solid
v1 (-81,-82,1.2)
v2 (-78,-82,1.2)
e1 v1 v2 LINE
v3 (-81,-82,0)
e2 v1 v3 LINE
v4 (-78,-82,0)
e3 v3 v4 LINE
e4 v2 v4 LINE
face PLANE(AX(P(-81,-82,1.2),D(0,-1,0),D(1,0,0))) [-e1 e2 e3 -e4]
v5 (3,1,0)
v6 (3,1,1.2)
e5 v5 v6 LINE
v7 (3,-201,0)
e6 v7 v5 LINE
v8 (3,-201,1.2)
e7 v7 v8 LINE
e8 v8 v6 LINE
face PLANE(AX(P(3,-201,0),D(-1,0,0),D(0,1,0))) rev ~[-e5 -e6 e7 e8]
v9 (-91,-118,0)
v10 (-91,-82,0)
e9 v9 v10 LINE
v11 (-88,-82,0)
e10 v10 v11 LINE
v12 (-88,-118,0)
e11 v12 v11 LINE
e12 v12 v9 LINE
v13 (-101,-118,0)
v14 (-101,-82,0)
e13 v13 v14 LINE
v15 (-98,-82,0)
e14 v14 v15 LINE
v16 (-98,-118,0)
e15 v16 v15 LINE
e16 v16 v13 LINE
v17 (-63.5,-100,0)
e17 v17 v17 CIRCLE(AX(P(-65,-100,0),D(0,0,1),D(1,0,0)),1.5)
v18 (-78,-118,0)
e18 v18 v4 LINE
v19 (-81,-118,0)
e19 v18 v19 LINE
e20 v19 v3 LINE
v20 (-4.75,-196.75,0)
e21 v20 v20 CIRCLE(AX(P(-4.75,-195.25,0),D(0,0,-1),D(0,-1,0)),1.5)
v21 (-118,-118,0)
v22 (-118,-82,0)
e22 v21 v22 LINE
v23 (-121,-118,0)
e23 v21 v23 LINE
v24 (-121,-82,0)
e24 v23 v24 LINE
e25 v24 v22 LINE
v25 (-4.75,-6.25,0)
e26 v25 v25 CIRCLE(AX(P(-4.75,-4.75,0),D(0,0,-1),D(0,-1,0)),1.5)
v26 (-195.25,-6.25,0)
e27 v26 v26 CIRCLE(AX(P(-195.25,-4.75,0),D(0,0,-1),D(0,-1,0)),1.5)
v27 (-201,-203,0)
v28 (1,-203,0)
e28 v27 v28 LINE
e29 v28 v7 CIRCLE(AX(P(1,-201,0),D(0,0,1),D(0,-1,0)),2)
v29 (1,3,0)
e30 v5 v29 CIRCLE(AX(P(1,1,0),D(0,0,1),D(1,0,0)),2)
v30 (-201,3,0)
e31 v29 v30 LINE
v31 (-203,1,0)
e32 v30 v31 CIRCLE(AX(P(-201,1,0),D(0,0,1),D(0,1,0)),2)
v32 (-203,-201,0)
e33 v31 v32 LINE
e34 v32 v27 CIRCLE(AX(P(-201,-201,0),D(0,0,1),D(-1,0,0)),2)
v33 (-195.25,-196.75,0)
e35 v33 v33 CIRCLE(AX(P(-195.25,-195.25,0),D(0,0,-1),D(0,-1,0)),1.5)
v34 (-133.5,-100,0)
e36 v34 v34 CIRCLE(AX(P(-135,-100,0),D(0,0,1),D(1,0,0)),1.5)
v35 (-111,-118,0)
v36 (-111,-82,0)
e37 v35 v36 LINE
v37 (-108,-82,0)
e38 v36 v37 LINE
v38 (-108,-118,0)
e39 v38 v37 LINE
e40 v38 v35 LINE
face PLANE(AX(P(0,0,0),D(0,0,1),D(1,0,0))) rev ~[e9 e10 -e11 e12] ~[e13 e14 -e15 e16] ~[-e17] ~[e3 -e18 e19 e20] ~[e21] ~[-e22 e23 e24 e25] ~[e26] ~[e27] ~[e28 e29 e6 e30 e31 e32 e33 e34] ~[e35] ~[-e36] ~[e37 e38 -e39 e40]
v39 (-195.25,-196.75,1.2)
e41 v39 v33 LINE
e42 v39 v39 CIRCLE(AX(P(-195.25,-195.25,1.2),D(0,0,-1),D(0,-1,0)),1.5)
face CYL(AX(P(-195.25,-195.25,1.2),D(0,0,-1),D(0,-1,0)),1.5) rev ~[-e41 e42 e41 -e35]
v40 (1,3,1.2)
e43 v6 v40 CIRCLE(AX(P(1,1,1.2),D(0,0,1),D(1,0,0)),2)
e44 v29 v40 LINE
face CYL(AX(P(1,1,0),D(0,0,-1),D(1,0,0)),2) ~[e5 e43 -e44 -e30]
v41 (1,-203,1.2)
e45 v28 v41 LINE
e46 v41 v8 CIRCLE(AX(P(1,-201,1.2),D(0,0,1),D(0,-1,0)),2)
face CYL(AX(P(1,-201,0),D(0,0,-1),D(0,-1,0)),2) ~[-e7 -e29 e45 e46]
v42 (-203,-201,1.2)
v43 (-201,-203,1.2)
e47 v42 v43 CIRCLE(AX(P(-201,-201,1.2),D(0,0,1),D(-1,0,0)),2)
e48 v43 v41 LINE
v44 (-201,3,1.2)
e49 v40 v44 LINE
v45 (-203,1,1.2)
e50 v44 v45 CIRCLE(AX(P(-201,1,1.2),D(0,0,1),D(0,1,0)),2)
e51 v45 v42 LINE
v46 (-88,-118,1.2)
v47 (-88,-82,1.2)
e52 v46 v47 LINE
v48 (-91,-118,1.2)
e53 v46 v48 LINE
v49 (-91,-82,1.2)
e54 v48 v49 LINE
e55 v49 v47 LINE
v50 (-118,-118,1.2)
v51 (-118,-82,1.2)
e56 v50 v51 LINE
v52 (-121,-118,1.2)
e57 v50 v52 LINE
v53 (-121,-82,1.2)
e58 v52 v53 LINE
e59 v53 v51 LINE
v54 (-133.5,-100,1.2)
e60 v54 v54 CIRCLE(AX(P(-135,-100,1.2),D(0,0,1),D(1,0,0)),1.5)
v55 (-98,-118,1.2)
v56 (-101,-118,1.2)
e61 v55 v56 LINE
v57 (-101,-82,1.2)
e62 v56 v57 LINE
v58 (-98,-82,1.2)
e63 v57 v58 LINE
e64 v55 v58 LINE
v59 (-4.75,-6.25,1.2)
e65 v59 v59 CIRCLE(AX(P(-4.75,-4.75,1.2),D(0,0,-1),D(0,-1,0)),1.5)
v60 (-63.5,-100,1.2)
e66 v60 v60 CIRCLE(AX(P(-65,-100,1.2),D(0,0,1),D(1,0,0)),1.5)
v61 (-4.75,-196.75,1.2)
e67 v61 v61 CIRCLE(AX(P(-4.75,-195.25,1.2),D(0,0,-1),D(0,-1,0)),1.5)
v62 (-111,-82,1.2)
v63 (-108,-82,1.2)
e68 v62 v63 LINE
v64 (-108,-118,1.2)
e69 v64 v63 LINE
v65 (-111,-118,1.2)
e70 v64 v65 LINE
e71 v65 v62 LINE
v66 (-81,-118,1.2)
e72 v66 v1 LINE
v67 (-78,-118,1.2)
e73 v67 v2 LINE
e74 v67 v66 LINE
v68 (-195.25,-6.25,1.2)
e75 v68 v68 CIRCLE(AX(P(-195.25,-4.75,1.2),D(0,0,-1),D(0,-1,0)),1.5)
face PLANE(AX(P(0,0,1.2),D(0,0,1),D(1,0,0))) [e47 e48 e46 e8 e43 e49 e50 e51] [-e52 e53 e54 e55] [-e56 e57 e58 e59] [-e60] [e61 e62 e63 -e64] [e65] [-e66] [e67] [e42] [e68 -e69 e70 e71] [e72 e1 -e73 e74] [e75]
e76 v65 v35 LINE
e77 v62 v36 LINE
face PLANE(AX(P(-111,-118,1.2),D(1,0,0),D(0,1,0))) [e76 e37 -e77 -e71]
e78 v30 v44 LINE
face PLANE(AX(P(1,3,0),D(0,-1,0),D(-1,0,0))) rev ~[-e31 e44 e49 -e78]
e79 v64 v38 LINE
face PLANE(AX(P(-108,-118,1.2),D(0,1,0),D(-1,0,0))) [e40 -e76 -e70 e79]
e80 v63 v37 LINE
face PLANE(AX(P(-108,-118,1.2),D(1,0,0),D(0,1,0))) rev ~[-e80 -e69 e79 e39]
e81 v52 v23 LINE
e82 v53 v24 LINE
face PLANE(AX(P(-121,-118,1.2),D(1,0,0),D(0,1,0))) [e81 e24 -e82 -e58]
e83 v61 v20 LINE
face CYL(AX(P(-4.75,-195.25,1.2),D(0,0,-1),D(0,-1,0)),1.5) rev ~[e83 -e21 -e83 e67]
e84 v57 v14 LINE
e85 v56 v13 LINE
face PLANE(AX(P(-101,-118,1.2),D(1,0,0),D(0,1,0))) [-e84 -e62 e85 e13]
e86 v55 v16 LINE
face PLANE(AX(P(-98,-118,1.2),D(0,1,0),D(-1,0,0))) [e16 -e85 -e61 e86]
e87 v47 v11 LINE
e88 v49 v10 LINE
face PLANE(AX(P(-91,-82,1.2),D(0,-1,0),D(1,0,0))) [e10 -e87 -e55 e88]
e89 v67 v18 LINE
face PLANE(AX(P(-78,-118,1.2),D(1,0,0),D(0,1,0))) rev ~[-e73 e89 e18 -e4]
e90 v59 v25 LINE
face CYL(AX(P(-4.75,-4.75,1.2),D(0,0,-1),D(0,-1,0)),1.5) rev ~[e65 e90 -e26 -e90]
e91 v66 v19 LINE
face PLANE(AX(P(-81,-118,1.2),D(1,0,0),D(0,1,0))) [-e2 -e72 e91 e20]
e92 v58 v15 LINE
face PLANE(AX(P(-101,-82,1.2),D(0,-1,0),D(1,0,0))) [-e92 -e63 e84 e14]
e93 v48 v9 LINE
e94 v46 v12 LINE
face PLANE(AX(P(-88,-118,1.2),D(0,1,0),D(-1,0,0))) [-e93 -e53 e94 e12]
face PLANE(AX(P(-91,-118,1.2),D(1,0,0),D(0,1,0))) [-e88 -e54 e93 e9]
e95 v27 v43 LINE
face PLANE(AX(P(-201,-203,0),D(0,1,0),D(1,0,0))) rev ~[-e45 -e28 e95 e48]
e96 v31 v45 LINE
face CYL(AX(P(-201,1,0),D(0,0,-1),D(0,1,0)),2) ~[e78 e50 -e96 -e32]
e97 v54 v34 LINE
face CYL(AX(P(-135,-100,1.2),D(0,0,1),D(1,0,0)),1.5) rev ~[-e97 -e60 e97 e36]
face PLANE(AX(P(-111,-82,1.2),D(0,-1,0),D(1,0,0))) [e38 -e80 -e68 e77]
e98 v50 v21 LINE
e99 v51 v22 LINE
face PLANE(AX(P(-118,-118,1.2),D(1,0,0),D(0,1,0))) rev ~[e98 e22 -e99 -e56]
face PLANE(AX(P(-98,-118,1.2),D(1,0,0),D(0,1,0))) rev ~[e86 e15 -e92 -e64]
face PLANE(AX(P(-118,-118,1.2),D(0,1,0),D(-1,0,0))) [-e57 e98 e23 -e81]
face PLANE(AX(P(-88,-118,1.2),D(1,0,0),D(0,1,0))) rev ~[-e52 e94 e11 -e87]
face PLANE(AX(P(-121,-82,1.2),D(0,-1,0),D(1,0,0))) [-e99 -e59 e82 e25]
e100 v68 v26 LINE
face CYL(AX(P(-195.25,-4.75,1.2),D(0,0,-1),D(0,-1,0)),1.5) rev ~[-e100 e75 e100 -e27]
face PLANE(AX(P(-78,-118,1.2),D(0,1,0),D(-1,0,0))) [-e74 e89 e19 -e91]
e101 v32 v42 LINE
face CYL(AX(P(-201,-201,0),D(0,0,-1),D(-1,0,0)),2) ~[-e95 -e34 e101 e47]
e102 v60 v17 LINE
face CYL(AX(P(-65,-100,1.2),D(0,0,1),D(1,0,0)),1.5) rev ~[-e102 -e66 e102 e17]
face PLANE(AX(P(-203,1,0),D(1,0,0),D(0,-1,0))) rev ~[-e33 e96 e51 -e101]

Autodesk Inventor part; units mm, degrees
ref_plane "YZ Plane" through (0, 0, 0) normal (1, 0, 0) x (0, 1, 0)
ref_plane "XZ Plane" through (0, 0, 0) normal (0, 1, 0) x (-1, 0, 0)
ref_plane "XY Plane" through (0, 0, 0) normal (0, 0, 1) x (1, 0, 0)
sketch "Boceto1" plane through (0, 0, 0) normal (0, 0, 1) x (1, 0, 0)
  line L0 (-198, 0) -> (0, 0) projected
  line L1 (-198, 0) -> (-198, -2) projected
  line L2 (0, -2) -> (-198, -2) projected
  line L3 (0, 0) -> (0, -2) projected
  line L4 (0, -2) -> (0, -200) projected
  line L5 (0, -2) -> (-2, -2) projected
  line L6 (-2, -200) -> (-2, -2) projected
  line L7 (0, -200) -> (-2, -200) projected
  line L8 (-2, -200) -> (-200, -200) projected
  line L9 (-2, -200) -> (-2, -198) projected
  line L10 (-200, -198) -> (-2, -198) projected
  line L11 (-200, -200) -> (-200, -198) projected
  line L12 (-200, -198) -> (-200, 0) projected
  line L13 (-200, -198) -> (-198, -198) projected
  line L14 (-198, 0) -> (-198, -198) projected
  line L15 (-200, 0) -> (-198, 0) projected
  line L16 (0, 0) -> (0, 1.6)
  line L17 (0, 1.6) -> (1.6, 1.6)
  line L18 (1.6, 1.6) -> (-201.6, 1.6)
  line L19 (-201.6, 1.6) -> (-201.6, -201.6)
  line L20 (-201.6, -201.6) -> (1.6, -201.6)
  line L21 (1.6, -201.6) -> (1.6, 1.6)
  line L22 (-203, 1) -> (-203, -201) projected
  line L23 (-201, -203) -> (1, -203) projected
  line L24 (3, -201) -> (3, 1) projected
  line L25 (1, 3) -> (-201, 3) projected
  line L26 (-192.75, -7.25) -> (-7.25, -7.25) projected
  line L27 (-7.25, -7.25) -> (-7.25, -192.75) projected
  line L28 (-7.25, -192.75) -> (-192.75, -192.75) projected
  line L29 (-192.75, -192.75) -> (-192.75, -7.25) projected
  circle A0 centre (-195.25, -4.75) radius 2.1 projected
  circle A1 centre (-4.75, -4.75) radius 2.1 projected
  circle A2 centre (-4.75, -195.25) radius 2.1 projected
  circle A3 centre (-195.25, -195.25) radius 2.1 projected
  arc A4 (-201, 3) -> (-203, 1) centre (-201, 1) ccw projected
  arc A5 (-203, -201) -> (-201, -203) centre (-201, -201) ccw projected
  arc A6 (1, -203) -> (3, -201) centre (1, -201) ccw projected
  arc A7 (3, 1) -> (1, 3) centre (1, 1) ccw projected
  dimension "d0" = 1.6
  dimension "d1" = 1.6
  dimension "d2" = 203.2
  dimension "d3" = 203.2
extrude "Extrusión1" add sketch "Boceto1" along normal blind 1.2 contours L17 L21 L20 L19 L18 | L0 L3 L2 L1 | L1 L14 L10 L12 L15 | L2 L6 L10 L14 | L4 L7 L6 L2 | L10 L6 L8 L11 | A4 L25 A7 L24 A6 L23 A5 L22 | L26 L27 L28 L29 | A0 | A1 | A2 | A3
sketch "Boceto2" plane through (0, 0, 1.2) normal (0, 0, 1) x (1, 0, 0)
  line L0 (-192.75, -7.25) -> (-7.25, -7.25) projected
  line L1 (-7.25, -7.25) -> (-7.25, -192.75) projected
  line L2 (-2.25, -197.75) -> (-2.25, -2.25) projected
  line L3 (-2.25, -2.25) -> (-197.75, -2.25) projected
  line L4 (-7.25, -7.25) -> (-2.25, -2.25)
  circle A0 centre (-4.75, -4.75) radius 1.5
  line L5 (-201, -203) -> (1, -203) projected
  line L6 (-203, -203) -> (-203, -195.25)
  line L7 (-203, 1) -> (-203, -201) projected
  line L8 (-203, -195.25) -> (-195.25, -195.25)
  circle A1 centre (-195.25, -195.25) radius 1.5
  line L9 (3, -203) -> (-4.75, -203)
  line L10 (-4.75, -203) -> (-4.75, -195.25)
  circle A2 centre (-4.75, -195.25) radius 1.5
  line L11 (-203, 3) -> (-195.25, 3)
  line L12 (1, 3) -> (-201, 3) projected
  line L13 (-195.25, 3) -> (-195.25, -4.75)
  circle A3 centre (-195.25, -4.75) radius 1.5
  point P0 (0, 0)
  point P1 (3, 3)
  dimension "d6" = 3
  dimension "d14" = 7.75
  dimension "d15" = 7.75
  dimension "d16" = 3
  dimension "d17" = 7.75
  dimension "d18" = 7.75
  dimension "d19" = 3
  dimension "d20" = 7.75
  dimension "d21" = 7.75
  dimension "d22" = 90
  dimension "d23" = 3
hole "Agujero1" at (-4.75, -4.75, 1.2) at (-195.25, -4.75, 1.2) at (-195.25, -195.25, 1.2) at (-4.75, -195.25, 1.2) direction (0, 0, -1) diameter 3 depth 4
sketch "Boceto3" plane through (0, 0, 1.2) normal (0, 0, 1) x (1, 0, 0)
  line L0 (-125, -122.5) -> (-75, -122.5) projected
  arc A0 (-75, -122.5) -> (-70, -117.5) centre (-75, -117.5) ccw projected
  line L1 (-70, -117.5) -> (-70, -112.2474) projected
  arc A1 (-64, -104.899) -> (-70, -112.2474) centre (-62.5, -112.2474) ccw projected
  arc A2 (-64, -104.899) -> (-64, -95.101) centre (-65, -100) ccw projected
  arc A3 (-70, -87.7526) -> (-64, -95.101) centre (-62.5, -87.7526) ccw projected
  line L2 (-70, -87.7526) -> (-70, -82.5) projected
  arc A4 (-70, -82.5) -> (-75, -77.5) centre (-75, -82.5) ccw projected
  line L3 (-75, -77.5) -> (-125, -77.5) projected
  arc A5 (-125, -77.5) -> (-130, -82.5) centre (-125, -82.5) ccw projected
  line L4 (-130, -82.5) -> (-130, -87.7526) projected
  arc A6 (-136, -95.101) -> (-130, -87.7526) centre (-137.5, -87.7526) ccw projected
  arc A7 (-136, -95.101) -> (-136, -104.899) centre (-135, -100) ccw projected
  arc A8 (-130, -112.2474) -> (-136, -104.899) centre (-137.5, -112.2474) ccw projected
  line L5 (-130, -112.2474) -> (-130, -117.5) projected
  arc A9 (-130, -117.5) -> (-125, -122.5) centre (-125, -117.5) ccw projected
  line L6 (-125, -121.5) -> (-75, -121.5) projected
  arc A10 (-75, -121.5) -> (-71, -117.5) centre (-75, -117.5) ccw projected
  line L7 (-71, -117.5) -> (-71, -82.5) projected
  arc A11 (-71, -82.5) -> (-75, -78.5) centre (-75, -82.5) ccw projected
  line L8 (-75, -78.5) -> (-125, -78.5) projected
  arc A12 (-125, -78.5) -> (-129, -82.5) centre (-125, -82.5) ccw projected
  line L9 (-129, -82.5) -> (-129, -117.5) projected
  arc A13 (-129, -117.5) -> (-125, -121.5) centre (-125, -117.5) ccw projected
  line L10 (-75, -118) -> (-125, -118)
  arc A14 (-125.5, -117.5) -> (-125, -118) centre (-125, -117.5) ccw
  line L11 (-125.5, -117.5) -> (-125.5, -82.5)
  arc A15 (-125, -82) -> (-125.5, -82.5) centre (-125, -82.5) ccw
  line L12 (-125, -82) -> (-75, -82)
  arc A16 (-74.5, -82.5) -> (-75, -82) centre (-75, -82.5) ccw
  line L13 (-74.5, -82.5) -> (-74.5, -117.5)
  arc A17 (-75, -118) -> (-74.5, -117.5) centre (-75, -117.5) ccw
  line L14 (-74.5, -118) -> (-74.5, -82)
  line L15 (-78, -118) -> (-78, -82)
  line L16 (-81, -118) -> (-81, -82)
  line L17 (-88, -118) -> (-88, -82)
  line L18 (-91, -118) -> (-91, -82)
  line L19 (-98, -118) -> (-98, -82)
  line L20 (-101, -118) -> (-101, -82)
  line L21 (-108, -118) -> (-108, -82)
  line L22 (-111, -118) -> (-111, -82)
  line L23 (-118, -118) -> (-118, -82)
  line L24 (-121, -118) -> (-121, -82)
  circle A18 centre (-65, -100) radius 1.5
  circle A19 centre (-135, -100) radius 1.5
  point P0 (0, 0)
  dimension "d24" = 3.5
  dimension "d25" = 3
  dimension "d26" = 7
  dimension "d27" = 3
  dimension "d28" = 7
  dimension "d29" = 3
  dimension "d30" = 7
  dimension "d31" = 3
  dimension "d32" = 7
  dimension "d33" = 3
  dimension "d36" = 3
  dimension "d37" = 3
extrude "Extrusión2" cut sketch "Boceto3" against normal blind 3 contours L10 L16 L12 L15 | L10 L18 L12 L17 | L10 L20 L12 L19 | L10 L22 L12 L21 | L10 L24 L12 L23 | A18 | A19
properties part number "Tapadera"
